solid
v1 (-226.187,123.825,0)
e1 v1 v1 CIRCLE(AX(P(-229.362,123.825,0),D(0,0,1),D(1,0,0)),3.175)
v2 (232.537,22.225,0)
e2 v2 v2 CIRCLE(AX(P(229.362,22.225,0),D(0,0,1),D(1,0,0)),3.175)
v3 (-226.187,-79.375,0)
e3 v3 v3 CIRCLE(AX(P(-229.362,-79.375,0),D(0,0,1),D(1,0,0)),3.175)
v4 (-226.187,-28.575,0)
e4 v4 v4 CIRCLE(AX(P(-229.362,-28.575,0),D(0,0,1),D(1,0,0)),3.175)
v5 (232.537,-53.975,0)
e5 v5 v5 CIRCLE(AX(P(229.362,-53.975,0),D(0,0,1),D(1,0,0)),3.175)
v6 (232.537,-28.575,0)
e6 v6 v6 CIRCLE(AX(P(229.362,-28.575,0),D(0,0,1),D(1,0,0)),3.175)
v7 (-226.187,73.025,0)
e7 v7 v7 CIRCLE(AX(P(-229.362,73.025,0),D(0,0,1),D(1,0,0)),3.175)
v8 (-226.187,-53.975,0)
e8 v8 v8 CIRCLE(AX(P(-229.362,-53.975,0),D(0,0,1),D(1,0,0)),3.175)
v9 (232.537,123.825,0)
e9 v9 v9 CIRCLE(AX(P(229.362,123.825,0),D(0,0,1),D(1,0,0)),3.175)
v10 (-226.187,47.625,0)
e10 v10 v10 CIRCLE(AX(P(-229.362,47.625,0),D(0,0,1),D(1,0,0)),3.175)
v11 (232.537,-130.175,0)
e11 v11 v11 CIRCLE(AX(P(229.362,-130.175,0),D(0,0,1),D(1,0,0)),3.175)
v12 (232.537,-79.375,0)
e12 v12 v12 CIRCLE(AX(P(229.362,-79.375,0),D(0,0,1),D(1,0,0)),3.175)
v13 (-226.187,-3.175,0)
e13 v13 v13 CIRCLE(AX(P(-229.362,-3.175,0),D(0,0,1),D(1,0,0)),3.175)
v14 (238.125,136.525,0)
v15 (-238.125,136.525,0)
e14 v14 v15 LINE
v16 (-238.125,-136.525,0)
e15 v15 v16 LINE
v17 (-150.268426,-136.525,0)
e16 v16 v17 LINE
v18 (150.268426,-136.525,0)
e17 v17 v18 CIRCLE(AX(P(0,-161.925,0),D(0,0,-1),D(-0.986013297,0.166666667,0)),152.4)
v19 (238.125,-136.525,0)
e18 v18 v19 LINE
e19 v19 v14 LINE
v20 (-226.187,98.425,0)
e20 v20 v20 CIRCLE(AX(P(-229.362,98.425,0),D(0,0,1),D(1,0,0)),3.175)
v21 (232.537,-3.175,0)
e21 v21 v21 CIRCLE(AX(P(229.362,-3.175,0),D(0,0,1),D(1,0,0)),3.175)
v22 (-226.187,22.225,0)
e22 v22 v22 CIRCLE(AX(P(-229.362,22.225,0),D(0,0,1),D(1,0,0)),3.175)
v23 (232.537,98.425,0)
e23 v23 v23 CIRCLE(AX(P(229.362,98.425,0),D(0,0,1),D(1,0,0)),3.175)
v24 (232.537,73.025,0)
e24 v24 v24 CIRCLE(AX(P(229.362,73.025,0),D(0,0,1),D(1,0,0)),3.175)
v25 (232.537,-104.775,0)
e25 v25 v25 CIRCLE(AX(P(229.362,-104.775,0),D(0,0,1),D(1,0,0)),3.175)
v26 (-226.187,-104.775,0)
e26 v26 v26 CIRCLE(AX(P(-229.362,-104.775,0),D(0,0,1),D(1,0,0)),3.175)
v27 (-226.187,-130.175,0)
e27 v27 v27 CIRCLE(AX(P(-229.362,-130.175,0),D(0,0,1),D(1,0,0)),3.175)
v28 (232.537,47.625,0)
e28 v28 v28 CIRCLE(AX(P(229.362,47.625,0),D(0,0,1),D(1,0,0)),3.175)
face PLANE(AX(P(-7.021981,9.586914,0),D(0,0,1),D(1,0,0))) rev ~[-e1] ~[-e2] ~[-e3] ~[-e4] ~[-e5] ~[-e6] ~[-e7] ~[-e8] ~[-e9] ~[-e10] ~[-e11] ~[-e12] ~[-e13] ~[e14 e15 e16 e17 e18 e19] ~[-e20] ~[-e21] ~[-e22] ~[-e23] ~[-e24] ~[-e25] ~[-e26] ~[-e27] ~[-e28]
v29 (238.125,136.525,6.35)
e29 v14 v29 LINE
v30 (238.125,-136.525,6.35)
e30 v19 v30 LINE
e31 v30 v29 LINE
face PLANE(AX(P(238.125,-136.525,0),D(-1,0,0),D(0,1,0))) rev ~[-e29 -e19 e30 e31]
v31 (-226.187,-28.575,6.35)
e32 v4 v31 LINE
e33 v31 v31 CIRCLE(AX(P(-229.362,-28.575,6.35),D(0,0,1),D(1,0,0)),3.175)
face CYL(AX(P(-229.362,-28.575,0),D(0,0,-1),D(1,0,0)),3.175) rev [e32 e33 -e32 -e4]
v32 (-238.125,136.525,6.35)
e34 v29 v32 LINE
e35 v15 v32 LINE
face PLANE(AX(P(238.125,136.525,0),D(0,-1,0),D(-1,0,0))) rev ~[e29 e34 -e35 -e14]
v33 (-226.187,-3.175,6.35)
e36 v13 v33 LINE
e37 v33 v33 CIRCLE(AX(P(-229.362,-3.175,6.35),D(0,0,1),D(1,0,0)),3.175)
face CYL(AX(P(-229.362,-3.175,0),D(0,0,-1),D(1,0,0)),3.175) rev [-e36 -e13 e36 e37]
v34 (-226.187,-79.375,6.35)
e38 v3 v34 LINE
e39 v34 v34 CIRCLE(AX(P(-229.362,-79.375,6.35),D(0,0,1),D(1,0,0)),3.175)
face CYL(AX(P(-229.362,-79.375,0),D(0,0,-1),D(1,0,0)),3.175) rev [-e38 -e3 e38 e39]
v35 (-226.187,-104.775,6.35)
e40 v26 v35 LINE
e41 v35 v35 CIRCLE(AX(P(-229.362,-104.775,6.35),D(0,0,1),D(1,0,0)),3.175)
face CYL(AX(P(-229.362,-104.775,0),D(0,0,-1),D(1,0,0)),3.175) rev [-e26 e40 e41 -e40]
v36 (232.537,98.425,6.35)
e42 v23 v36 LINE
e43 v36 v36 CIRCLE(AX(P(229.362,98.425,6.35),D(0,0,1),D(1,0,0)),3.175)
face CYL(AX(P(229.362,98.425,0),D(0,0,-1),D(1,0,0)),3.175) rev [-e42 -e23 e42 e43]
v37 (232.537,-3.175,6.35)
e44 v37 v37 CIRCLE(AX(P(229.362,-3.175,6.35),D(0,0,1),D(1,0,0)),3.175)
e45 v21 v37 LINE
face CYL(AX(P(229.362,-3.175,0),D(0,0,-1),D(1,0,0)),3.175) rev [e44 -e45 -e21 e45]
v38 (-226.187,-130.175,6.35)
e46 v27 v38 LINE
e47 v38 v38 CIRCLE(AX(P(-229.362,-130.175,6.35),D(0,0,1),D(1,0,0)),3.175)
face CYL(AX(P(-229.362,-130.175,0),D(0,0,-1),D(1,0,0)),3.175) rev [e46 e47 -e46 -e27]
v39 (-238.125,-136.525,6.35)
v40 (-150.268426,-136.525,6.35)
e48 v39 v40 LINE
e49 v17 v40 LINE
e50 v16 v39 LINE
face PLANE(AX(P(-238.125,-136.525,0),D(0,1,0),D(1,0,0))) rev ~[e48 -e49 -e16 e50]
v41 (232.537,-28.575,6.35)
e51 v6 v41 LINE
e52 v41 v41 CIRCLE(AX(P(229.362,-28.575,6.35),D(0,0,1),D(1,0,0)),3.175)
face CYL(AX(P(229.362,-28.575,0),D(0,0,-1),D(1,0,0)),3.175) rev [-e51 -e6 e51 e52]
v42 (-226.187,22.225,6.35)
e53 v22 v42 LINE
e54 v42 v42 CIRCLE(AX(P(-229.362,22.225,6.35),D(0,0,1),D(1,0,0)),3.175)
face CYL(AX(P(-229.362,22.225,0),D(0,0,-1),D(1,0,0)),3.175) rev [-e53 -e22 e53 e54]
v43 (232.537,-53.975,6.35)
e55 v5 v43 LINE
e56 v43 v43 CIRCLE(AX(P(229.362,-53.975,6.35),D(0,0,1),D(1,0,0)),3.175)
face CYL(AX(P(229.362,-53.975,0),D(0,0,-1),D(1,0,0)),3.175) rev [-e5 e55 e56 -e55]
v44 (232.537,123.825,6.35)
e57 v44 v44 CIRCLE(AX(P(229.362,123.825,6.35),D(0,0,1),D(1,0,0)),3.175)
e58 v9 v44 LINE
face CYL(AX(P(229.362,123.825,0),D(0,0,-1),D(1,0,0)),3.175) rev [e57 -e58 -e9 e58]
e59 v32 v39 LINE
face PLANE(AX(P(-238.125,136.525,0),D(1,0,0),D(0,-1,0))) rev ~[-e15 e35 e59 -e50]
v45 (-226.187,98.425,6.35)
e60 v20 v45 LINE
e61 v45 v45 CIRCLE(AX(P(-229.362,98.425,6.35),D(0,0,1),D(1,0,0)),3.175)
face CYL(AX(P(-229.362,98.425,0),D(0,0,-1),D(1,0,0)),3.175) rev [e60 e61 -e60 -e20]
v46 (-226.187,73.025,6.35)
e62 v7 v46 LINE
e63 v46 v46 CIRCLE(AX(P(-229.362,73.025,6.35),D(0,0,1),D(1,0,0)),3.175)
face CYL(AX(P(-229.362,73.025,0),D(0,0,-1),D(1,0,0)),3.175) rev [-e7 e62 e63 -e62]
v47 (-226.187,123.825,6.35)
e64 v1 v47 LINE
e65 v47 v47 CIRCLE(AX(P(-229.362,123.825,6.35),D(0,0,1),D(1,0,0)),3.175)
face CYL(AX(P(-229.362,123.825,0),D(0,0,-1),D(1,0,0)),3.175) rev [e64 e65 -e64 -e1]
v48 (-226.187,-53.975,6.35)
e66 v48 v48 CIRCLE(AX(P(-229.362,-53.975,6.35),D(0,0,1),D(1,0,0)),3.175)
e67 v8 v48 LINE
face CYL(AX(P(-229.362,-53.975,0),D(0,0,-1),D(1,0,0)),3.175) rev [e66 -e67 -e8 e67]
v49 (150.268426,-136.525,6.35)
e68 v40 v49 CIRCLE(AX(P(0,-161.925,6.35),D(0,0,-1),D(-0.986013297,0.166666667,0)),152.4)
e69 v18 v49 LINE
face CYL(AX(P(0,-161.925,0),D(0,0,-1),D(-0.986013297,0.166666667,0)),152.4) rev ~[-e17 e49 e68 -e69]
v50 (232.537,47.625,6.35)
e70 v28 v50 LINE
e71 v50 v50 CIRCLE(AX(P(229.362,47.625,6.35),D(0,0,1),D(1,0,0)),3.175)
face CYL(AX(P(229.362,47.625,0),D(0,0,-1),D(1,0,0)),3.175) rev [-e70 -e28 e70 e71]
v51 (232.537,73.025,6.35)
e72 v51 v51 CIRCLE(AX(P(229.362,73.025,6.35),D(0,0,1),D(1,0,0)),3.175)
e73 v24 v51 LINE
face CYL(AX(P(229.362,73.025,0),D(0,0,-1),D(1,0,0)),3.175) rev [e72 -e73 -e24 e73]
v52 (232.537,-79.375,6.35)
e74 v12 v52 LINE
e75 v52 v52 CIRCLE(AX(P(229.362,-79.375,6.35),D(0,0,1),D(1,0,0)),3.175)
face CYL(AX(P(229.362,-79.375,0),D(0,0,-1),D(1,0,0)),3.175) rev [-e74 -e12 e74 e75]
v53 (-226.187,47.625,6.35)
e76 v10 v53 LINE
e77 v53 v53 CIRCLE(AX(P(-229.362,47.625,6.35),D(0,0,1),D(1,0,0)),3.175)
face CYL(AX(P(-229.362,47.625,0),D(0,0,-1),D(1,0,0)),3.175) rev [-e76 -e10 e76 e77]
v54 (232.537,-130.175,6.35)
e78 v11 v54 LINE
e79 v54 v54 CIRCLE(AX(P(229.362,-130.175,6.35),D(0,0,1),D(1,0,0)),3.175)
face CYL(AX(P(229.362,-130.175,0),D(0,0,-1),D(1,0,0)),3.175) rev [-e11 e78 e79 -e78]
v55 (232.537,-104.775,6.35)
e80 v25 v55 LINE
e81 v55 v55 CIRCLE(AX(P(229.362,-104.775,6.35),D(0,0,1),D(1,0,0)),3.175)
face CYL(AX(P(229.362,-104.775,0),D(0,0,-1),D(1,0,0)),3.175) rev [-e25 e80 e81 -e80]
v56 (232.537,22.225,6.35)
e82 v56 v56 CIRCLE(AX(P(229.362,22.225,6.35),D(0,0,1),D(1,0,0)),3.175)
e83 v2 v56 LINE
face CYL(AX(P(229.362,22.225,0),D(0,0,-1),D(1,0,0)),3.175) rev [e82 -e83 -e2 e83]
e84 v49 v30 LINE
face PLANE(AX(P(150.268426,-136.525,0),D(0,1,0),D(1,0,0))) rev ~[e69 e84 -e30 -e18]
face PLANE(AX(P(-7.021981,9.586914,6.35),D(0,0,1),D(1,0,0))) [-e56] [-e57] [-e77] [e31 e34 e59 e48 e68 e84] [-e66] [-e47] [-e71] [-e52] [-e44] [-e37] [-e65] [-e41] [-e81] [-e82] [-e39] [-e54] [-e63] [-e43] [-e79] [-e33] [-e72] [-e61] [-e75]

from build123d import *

# Parameters (mm, degrees)
F0_R     = 3.175
F0_W     = 15.113
F0_H     = 273.05
F1_DEPTH = 6.35


with BuildPart() as f1:
    # F0 (on Top) → F1 (new body)
    with BuildSketch(Plane.XY):
        with BuildLine():
            Line((223.012, 136.525), (-238.125, 136.525))
            Line((-238.125, 136.525), (-238.125, -136.525))
            Line((-238.125, -136.525), (-150.2684264907, -136.525))
            ThreePointArc((-150.2684264907, -136.525), (0, -9.525), (150.2684264907, -136.525))
            Line((150.2684264907, -136.525), (223.012, -136.525))
            Line((223.012, -136.525), (223.012, 136.525))
        make_face()
        with Locations((-229.362, -130.175)):
            Circle(F0_R, mode=Mode.SUBTRACT)
        with Locations((-229.362, -104.775)):
            Circle(F0_R, mode=Mode.SUBTRACT)
        with Locations((-229.362, -79.375)):
            Circle(F0_R, mode=Mode.SUBTRACT)
        with Locations((-229.362, -53.975)):
            Circle(F0_R, mode=Mode.SUBTRACT)
        with Locations((-229.362, -28.575)):
            Circle(F0_R, mode=Mode.SUBTRACT)
        with Locations((-229.362, -3.175)):
            Circle(F0_R, mode=Mode.SUBTRACT)
        with Locations((-229.362, 22.225)):
            Circle(F0_R, mode=Mode.SUBTRACT)
        with Locations((-229.362, 47.625)):
            Circle(F0_R, mode=Mode.SUBTRACT)
        with Locations((-229.362, 73.025)):
            Circle(F0_R, mode=Mode.SUBTRACT)
        with Locations((-229.362, 98.425)):
            Circle(F0_R, mode=Mode.SUBTRACT)
        with Locations((-229.362, 123.825)):
            Circle(F0_R, mode=Mode.SUBTRACT)
        with Locations((230.5685, 0)):
            Rectangle(F0_W, F0_H)
        with Locations((229.362, -130.175)):
            Circle(F0_R, mode=Mode.SUBTRACT)
        with Locations((229.362, -104.775)):
            Circle(F0_R, mode=Mode.SUBTRACT)
        with Locations((229.362, -79.375)):
            Circle(F0_R, mode=Mode.SUBTRACT)
        with Locations((229.362, -53.975)):
            Circle(F0_R, mode=Mode.SUBTRACT)
        with Locations((229.362, -28.575)):
            Circle(F0_R, mode=Mode.SUBTRACT)
        with Locations((229.362, -3.175)):
            Circle(F0_R, mode=Mode.SUBTRACT)
        with Locations((229.362, 22.225)):
            Circle(F0_R, mode=Mode.SUBTRACT)
        with Locations((229.362, 47.625)):
            Circle(F0_R, mode=Mode.SUBTRACT)
        with Locations((229.362, 73.025)):
            Circle(F0_R, mode=Mode.SUBTRACT)
        with Locations((229.362, 98.425)):
            Circle(F0_R, mode=Mode.SUBTRACT)
        with Locations((229.362, 123.825)):
            Circle(F0_R, mode=Mode.SUBTRACT)
    extrude(amount=F1_DEPTH)


solid = f1.part
